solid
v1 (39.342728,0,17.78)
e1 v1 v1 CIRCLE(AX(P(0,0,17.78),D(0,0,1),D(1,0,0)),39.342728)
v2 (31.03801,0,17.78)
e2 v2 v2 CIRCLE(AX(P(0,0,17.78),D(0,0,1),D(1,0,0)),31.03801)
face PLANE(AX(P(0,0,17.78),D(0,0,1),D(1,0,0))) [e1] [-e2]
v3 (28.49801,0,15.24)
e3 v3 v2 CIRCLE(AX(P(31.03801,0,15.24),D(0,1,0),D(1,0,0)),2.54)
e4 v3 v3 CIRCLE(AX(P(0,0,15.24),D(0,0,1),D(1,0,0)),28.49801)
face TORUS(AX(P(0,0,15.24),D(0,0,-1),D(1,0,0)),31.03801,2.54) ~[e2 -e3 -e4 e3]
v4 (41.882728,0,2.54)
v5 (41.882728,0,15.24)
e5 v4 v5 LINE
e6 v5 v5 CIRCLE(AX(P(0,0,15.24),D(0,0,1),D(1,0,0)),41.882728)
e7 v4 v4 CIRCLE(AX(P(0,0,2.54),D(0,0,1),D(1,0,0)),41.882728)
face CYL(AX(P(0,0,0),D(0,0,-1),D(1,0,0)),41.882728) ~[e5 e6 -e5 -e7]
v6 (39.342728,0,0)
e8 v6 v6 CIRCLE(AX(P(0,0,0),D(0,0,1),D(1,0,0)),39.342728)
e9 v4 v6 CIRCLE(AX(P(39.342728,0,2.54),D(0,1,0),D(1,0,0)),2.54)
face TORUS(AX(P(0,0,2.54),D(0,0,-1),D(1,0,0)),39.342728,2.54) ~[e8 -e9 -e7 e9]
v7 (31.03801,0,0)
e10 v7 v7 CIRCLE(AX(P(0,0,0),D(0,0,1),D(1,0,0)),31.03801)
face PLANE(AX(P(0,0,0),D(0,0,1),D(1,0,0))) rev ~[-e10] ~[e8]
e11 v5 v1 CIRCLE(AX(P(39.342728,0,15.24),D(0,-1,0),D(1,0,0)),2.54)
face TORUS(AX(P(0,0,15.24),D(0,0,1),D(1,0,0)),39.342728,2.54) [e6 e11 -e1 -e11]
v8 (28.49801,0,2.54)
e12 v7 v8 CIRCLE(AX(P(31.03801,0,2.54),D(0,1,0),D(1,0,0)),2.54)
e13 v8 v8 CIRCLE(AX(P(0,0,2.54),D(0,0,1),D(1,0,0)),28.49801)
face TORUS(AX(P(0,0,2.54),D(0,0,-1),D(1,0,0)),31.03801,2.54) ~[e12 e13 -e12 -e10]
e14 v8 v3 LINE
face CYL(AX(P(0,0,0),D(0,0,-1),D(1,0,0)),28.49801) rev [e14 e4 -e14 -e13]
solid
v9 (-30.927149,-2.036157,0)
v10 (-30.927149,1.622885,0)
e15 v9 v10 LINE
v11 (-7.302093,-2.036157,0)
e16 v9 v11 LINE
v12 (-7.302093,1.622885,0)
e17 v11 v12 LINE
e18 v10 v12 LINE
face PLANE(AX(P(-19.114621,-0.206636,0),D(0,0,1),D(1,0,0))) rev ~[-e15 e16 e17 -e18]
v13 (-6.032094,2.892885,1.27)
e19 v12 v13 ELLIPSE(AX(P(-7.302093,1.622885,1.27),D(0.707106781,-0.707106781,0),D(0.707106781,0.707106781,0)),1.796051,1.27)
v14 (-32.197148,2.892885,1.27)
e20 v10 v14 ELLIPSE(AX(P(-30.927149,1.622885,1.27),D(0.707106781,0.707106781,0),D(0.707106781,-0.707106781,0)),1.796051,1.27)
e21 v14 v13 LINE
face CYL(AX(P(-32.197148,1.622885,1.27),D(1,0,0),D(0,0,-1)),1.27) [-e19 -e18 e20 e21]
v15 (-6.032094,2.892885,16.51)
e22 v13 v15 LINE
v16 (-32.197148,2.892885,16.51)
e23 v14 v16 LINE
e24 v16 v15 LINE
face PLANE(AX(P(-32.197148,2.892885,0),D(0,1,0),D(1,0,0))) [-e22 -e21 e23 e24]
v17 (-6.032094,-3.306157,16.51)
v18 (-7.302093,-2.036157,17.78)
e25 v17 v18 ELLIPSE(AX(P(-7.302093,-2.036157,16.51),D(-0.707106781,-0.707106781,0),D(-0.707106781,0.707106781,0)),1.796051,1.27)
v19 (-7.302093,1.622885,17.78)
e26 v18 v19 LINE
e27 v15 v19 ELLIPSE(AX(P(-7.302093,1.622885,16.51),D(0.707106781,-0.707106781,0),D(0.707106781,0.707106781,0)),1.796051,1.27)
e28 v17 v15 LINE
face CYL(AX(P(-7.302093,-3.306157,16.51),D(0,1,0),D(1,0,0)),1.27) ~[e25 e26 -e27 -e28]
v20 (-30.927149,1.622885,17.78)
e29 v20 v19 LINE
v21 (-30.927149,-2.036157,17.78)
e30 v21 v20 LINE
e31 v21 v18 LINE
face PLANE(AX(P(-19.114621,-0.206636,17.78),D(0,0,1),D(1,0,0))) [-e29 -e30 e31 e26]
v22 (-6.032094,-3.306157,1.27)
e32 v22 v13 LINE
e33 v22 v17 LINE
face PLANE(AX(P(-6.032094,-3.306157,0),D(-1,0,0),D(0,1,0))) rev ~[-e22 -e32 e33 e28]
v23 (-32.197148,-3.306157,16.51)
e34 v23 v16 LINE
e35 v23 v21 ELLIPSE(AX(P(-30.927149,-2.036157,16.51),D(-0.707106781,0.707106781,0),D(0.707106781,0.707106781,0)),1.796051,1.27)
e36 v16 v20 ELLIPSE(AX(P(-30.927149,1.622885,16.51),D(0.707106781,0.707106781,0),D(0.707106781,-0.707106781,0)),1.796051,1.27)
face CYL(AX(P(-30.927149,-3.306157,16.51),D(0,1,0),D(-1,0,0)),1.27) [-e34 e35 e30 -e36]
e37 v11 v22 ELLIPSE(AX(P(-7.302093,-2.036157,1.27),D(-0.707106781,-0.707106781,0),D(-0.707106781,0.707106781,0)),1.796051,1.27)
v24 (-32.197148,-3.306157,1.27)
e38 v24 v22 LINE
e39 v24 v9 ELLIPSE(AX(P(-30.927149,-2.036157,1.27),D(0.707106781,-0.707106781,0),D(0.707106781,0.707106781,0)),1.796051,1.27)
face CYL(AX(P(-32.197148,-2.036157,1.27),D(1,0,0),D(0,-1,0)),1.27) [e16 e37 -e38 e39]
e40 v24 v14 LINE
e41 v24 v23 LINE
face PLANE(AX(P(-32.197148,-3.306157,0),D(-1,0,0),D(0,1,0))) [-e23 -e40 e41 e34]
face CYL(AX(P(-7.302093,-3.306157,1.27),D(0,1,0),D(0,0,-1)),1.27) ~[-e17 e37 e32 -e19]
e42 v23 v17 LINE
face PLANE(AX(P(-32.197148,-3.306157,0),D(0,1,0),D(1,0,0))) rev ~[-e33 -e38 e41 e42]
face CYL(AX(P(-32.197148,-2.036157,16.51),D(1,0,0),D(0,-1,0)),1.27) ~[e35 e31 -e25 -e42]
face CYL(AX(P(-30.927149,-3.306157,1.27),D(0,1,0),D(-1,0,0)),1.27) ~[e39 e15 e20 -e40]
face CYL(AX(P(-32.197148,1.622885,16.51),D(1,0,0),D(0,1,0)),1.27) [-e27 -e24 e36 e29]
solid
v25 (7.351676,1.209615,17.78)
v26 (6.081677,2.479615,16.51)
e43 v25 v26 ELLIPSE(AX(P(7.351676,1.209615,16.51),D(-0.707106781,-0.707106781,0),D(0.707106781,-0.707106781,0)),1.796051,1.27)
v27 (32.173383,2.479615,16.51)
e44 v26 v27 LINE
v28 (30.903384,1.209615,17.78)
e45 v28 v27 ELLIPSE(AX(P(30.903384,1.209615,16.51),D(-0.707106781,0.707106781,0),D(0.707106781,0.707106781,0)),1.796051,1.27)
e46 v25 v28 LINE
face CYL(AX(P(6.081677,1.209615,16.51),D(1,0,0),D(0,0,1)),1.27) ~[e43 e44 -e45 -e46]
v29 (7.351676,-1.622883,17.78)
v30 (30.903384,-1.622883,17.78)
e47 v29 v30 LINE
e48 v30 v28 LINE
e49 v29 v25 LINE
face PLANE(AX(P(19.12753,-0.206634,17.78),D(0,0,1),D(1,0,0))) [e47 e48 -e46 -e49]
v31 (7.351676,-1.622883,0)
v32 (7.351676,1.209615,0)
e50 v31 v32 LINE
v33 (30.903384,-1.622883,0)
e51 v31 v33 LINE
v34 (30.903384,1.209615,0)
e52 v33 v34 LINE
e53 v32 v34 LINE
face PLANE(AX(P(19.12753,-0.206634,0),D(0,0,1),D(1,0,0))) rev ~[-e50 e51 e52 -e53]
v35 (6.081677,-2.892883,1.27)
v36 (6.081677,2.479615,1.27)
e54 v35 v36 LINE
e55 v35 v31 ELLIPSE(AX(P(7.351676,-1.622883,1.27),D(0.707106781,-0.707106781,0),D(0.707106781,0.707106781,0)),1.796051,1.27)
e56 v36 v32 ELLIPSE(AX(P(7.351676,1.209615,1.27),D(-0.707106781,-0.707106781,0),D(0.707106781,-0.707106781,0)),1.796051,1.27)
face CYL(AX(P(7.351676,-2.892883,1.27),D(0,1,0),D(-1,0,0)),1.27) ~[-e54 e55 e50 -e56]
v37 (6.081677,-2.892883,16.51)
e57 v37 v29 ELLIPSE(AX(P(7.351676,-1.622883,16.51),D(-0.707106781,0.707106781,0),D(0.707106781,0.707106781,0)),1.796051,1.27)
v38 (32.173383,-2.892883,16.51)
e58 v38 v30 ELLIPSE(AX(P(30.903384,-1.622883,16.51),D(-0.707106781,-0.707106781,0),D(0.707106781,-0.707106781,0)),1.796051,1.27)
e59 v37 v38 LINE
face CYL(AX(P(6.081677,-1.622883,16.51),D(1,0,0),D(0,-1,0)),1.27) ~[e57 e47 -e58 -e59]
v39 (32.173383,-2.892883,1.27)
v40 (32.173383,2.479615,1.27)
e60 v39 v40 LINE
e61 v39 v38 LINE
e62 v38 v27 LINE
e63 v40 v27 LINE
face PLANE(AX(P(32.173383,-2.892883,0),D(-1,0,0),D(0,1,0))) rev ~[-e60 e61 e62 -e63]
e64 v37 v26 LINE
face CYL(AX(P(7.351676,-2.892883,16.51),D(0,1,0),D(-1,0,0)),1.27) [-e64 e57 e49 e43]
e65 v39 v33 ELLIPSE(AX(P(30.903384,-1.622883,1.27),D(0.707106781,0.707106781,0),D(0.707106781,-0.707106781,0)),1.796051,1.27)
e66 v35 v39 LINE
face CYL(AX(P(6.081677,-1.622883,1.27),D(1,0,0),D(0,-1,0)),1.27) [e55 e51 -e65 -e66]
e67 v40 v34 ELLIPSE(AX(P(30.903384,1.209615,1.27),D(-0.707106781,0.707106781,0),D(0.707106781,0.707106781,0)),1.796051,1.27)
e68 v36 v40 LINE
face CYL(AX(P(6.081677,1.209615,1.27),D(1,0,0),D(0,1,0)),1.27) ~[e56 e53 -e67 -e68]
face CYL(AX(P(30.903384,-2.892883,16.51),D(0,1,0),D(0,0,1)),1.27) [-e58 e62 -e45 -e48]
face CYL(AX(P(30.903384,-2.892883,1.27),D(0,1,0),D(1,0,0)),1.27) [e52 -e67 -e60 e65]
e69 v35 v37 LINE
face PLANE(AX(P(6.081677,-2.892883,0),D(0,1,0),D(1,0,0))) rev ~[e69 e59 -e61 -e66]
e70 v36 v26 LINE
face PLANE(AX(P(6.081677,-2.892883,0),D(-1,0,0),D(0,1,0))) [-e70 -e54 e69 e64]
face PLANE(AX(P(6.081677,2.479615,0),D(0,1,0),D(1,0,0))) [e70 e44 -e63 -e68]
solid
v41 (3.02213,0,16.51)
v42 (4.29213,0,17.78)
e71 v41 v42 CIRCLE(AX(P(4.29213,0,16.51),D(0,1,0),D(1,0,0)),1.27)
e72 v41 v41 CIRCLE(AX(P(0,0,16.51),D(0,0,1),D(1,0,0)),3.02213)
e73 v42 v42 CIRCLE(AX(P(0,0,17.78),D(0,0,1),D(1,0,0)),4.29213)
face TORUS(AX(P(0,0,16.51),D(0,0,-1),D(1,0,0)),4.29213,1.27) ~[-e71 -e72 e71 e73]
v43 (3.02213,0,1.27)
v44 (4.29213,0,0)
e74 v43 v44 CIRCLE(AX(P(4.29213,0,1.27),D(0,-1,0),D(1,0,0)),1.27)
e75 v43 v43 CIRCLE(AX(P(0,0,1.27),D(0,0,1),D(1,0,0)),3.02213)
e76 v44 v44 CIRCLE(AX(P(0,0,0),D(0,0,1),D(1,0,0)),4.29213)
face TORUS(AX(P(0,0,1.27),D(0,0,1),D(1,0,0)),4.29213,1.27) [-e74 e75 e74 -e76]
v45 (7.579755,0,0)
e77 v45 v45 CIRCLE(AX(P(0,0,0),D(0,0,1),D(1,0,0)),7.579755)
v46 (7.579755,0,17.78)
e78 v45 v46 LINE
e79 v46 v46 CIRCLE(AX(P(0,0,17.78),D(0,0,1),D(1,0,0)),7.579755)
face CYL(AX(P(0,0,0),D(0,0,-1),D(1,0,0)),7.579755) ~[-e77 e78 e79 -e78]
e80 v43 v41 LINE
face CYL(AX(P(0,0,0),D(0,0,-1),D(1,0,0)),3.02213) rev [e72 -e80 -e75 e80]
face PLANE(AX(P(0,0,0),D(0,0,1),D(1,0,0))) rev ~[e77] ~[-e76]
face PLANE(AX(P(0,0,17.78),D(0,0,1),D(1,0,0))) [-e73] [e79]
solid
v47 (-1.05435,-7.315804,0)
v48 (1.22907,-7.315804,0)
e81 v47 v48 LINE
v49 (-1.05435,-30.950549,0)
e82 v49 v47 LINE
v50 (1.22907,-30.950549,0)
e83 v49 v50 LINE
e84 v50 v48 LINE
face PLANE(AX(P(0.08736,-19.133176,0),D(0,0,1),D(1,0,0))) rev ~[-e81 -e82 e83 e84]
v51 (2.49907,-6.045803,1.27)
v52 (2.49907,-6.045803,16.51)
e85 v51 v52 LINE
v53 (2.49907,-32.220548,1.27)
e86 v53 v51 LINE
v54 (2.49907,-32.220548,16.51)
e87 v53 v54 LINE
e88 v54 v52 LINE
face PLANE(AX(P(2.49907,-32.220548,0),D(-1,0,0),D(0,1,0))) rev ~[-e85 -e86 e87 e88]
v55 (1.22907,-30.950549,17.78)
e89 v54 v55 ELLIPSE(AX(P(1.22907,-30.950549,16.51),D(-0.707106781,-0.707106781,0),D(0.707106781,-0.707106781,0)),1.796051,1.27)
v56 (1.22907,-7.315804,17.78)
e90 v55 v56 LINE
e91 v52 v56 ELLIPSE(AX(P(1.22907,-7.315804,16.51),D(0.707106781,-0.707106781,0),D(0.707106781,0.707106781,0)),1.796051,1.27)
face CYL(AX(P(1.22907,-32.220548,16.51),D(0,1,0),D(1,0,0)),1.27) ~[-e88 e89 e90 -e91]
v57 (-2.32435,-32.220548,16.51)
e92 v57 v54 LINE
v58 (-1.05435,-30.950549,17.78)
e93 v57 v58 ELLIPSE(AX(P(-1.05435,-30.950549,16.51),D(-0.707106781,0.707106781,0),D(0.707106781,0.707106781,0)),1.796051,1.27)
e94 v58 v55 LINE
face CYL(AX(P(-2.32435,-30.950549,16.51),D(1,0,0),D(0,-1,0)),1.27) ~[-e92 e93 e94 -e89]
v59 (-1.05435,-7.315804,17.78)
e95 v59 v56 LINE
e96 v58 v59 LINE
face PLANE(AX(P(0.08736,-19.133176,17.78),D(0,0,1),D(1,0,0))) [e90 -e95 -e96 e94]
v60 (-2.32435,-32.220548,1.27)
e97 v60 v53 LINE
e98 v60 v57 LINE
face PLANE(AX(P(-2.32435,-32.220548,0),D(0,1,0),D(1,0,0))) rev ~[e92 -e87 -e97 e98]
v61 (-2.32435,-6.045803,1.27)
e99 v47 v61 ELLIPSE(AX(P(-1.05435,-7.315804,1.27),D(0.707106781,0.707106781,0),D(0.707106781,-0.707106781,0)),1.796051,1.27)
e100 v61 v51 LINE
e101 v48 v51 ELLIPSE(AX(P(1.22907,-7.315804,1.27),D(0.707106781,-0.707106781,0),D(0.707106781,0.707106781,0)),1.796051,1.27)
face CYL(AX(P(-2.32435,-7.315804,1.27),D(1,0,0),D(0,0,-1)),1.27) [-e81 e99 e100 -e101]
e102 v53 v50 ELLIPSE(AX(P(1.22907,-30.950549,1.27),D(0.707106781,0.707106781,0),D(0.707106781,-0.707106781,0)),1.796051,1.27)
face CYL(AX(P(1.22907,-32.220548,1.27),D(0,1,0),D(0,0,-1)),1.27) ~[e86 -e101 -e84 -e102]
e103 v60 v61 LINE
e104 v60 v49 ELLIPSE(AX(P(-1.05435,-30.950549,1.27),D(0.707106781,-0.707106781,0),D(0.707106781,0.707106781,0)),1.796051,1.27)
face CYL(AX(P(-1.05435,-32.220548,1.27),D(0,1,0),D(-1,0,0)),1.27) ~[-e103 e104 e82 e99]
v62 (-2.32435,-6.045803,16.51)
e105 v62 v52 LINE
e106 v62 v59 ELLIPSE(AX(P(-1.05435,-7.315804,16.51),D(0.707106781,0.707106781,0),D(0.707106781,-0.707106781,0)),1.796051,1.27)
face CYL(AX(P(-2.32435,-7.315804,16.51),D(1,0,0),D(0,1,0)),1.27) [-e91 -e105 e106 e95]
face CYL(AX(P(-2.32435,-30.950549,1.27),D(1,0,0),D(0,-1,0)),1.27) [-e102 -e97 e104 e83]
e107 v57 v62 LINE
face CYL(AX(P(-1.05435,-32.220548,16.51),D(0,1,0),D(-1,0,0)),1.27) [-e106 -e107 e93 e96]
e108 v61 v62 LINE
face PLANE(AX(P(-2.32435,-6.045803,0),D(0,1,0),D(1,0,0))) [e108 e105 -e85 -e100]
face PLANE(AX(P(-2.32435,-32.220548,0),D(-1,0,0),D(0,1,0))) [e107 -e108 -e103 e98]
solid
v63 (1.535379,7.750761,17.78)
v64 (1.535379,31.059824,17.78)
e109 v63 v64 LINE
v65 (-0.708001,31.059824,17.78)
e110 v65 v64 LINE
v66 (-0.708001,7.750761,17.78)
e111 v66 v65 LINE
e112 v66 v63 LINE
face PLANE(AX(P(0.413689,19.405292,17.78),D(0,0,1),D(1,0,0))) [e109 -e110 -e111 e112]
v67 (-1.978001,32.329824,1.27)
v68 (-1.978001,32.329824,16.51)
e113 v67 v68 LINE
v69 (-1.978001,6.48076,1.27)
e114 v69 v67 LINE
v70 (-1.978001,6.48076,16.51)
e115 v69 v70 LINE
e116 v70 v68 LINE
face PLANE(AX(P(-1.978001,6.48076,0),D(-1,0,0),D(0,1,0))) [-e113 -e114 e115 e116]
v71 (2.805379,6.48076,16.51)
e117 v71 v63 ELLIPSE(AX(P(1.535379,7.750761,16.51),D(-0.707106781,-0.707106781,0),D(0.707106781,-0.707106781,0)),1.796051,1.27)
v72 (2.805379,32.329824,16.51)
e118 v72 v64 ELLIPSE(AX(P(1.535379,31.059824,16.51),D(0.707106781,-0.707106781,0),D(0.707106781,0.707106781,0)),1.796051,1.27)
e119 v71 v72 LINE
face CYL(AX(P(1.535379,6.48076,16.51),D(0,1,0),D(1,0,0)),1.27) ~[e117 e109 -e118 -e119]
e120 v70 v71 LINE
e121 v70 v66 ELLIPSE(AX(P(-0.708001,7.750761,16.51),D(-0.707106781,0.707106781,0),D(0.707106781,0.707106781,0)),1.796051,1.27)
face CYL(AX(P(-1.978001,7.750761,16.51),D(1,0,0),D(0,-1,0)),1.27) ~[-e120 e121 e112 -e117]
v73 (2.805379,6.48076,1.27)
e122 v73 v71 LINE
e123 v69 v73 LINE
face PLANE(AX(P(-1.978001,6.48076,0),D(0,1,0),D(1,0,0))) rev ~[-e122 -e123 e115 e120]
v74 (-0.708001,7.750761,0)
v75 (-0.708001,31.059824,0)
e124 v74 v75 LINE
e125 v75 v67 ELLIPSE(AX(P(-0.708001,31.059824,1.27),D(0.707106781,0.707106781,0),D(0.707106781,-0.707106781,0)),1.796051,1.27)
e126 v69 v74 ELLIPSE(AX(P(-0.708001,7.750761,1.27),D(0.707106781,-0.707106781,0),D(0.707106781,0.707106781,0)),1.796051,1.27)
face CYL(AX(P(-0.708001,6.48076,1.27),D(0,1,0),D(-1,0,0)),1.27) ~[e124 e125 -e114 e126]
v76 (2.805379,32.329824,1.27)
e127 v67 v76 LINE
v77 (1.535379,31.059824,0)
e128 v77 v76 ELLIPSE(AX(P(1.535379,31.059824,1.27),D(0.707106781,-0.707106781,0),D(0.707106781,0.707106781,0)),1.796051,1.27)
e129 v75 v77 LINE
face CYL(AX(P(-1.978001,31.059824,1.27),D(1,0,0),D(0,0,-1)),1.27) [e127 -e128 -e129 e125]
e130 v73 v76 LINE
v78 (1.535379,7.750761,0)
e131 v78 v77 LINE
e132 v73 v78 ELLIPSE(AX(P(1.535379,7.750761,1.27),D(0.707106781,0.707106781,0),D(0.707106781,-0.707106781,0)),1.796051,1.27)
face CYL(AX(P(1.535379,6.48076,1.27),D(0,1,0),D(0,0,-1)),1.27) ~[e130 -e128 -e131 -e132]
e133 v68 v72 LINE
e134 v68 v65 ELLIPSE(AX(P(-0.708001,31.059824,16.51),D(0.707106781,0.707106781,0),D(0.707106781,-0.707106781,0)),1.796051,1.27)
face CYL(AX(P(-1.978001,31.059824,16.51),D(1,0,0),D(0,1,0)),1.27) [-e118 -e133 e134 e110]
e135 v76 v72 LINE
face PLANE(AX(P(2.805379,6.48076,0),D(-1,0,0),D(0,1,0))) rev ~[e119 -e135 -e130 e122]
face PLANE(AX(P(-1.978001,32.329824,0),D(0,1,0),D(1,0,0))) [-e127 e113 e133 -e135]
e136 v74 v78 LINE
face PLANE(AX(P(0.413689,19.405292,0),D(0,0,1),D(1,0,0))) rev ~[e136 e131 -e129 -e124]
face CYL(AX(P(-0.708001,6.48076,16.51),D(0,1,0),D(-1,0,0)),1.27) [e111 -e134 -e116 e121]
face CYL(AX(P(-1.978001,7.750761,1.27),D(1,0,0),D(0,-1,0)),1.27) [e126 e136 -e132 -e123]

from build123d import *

# Parameters (mm, degrees)
F0_R      = 41.882728
F0_R_2    = 28.49801
F1_DEPTH  = 17.78
F2_R      = 7.579755
F2_R_2    = 3.02213
F3_DEPTH  = 17.78
F4_W      = 4.82342
F4_H      = 26.174745
F5_DEPTH  = 17.78
F6_W      = 4.78338
F6_H      = 25.849063
F7_DEPTH  = 17.78
F8_W      = 26.165055
F8_H      = 6.199041
F9_DEPTH  = 17.78
F10_W     = 26.091707
F10_H     = 5.372498
F11_DEPTH = 17.78
F12_R     = 2.54
F13_R     = 2.54
F14_R     = 1.27
F15_R     = 1.27
F16_R     = 1.27
F17_R     = 1.27
F18_R     = 1.27
F19_R     = 1.27
F20_R     = 1.27
F21_R     = 1.27
F22_R     = 1.27
F23_R     = 1.27


with BuildPart() as f1:
    # F0 (on Top) → F1 (new body)
    with BuildSketch(Plane.XY):
        Circle(F0_R)
        Circle(F0_R_2, mode=Mode.SUBTRACT)
    extrude(amount=F1_DEPTH)

    # F12
    f12_edges = [f1.edges().sort_by_distance(p)[0] for p in [
        (-41.882728, 0, 17.78),
        (-28.49801, 0, 17.78),
    ]]
    fillet(f12_edges, radius=F12_R)

    # F13
    f13_edges = [f1.edges().sort_by_distance(p)[0] for p in [
        (-41.882728, 0, 0),
        (-28.49801, 0, 0),
    ]]
    fillet(f13_edges, radius=F13_R)


with BuildPart() as f3:
    # F2 (on Top) → F3 (new body)
    with BuildSketch(Plane.XY):
        Circle(F2_R)
        Circle(F2_R_2, mode=Mode.SUBTRACT)
    extrude(amount=F3_DEPTH)

    # F22
    f22_edges = [f3.edges().sort_by_distance(p)[0] for p in [
        (-3.02213, 0, 17.78),
    ]]
    fillet(f22_edges, radius=F22_R)

    # F23
    f23_edges = [f3.edges().sort_by_distance(p)[0] for p in [
        (-3.02213, 0, 0),
    ]]
    fillet(f23_edges, radius=F23_R)


with BuildPart() as f5:
    # F4 (on Top) → F5 (new body)
    with BuildSketch(Plane.XY):
        with Locations((0.08736, -19.133176)):
            Rectangle(F4_W, F4_H)
    extrude(amount=F5_DEPTH)

    # F18
    f18_edges = [f5.edges().sort_by_distance(p)[0] for p in [
        (0.08736, -32.220548, 17.78),
        (2.49907, -19.133176, 17.78),
        (0.08736, -6.045803, 17.78),
        (-2.32435, -19.133176, 17.78),
    ]]
    fillet(f18_edges, radius=F18_R)

    # F19
    f19_edges = [f5.edges().sort_by_distance(p)[0] for p in [
        (0.08736, -32.220548, 0),
        (2.49907, -19.133176, 0),
        (0.08736, -6.045803, 0),
        (-2.32435, -19.133176, 0),
    ]]
    fillet(f19_edges, radius=F19_R)


with BuildPart() as f7:
    # F6 (on Top) → F7 (new body)
    with BuildSketch(Plane.XY):
        with Locations((0.413689, 19.405292)):
            Rectangle(F6_W, F6_H)
    extrude(amount=F7_DEPTH)

    # F16
    f16_edges = [f7.edges().sort_by_distance(p)[0] for p in [
        (0.413689, 6.480761, 17.78),
        (2.805379, 19.405292, 17.78),
        (0.413689, 32.329824, 17.78),
        (-1.978001, 19.405292, 17.78),
    ]]
    fillet(f16_edges, radius=F16_R)

    # F17
    f17_edges = [f7.edges().sort_by_distance(p)[0] for p in [
        (0.413689, 6.480761, 0),
        (2.805379, 19.405292, 0),
        (0.413689, 32.329824, 0),
        (-1.978001, 19.405292, 0),
    ]]
    fillet(f17_edges, radius=F17_R)


with BuildPart() as f9:
    # F8 (on Top) → F9 (new body)
    with BuildSketch(Plane.XY):
        with Locations((-19.114621, -0.206636)):
            Rectangle(F8_W, F8_H)
    extrude(amount=F9_DEPTH)

    # F14
    f14_edges = [f9.edges().sort_by_distance(p)[0] for p in [
        (-6.032093, -0.206636, 17.78),
        (-19.11462, 2.892884, 17.78),
        (-32.197148, -0.206636, 17.78),
        (-19.11462, -3.306157, 17.78),
    ]]
    fillet(f14_edges, radius=F14_R)

    # F15
    f15_edges = [f9.edges().sort_by_distance(p)[0] for p in [
        (-6.032093, -0.206636, 0),
        (-19.11462, 2.892884, 0),
        (-32.197148, -0.206636, 0),
        (-19.11462, -3.306157, 0),
    ]]
    fillet(f15_edges, radius=F15_R)


with BuildPart() as f11:
    # F10 (on Top) → F11 (new body)
    with BuildSketch(Plane.XY):
        with Locations((19.12753, -0.206634)):
            Rectangle(F10_W, F10_H)
    extrude(amount=F11_DEPTH)

    # F20
    f20_edges = [f11.edges().sort_by_distance(p)[0] for p in [
        (19.127531, 2.479615, 0),
        (6.081677, -0.206634, 0),
        (19.127531, -2.892883, 0),
        (32.173384, -0.206634, 0),
    ]]
    fillet(f20_edges, radius=F20_R)

    # F21
    f21_edges = [f11.edges().sort_by_distance(p)[0] for p in [
        (19.127531, 2.479615, 17.78),
        (6.081677, -0.206634, 17.78),
        (19.127531, -2.892883, 17.78),
        (32.173384, -0.206634, 17.78),
    ]]
    fillet(f21_edges, radius=F21_R)


solid = Compound([f1.part, f3.part, f5.part, f7.part, f9.part, f11.part])
